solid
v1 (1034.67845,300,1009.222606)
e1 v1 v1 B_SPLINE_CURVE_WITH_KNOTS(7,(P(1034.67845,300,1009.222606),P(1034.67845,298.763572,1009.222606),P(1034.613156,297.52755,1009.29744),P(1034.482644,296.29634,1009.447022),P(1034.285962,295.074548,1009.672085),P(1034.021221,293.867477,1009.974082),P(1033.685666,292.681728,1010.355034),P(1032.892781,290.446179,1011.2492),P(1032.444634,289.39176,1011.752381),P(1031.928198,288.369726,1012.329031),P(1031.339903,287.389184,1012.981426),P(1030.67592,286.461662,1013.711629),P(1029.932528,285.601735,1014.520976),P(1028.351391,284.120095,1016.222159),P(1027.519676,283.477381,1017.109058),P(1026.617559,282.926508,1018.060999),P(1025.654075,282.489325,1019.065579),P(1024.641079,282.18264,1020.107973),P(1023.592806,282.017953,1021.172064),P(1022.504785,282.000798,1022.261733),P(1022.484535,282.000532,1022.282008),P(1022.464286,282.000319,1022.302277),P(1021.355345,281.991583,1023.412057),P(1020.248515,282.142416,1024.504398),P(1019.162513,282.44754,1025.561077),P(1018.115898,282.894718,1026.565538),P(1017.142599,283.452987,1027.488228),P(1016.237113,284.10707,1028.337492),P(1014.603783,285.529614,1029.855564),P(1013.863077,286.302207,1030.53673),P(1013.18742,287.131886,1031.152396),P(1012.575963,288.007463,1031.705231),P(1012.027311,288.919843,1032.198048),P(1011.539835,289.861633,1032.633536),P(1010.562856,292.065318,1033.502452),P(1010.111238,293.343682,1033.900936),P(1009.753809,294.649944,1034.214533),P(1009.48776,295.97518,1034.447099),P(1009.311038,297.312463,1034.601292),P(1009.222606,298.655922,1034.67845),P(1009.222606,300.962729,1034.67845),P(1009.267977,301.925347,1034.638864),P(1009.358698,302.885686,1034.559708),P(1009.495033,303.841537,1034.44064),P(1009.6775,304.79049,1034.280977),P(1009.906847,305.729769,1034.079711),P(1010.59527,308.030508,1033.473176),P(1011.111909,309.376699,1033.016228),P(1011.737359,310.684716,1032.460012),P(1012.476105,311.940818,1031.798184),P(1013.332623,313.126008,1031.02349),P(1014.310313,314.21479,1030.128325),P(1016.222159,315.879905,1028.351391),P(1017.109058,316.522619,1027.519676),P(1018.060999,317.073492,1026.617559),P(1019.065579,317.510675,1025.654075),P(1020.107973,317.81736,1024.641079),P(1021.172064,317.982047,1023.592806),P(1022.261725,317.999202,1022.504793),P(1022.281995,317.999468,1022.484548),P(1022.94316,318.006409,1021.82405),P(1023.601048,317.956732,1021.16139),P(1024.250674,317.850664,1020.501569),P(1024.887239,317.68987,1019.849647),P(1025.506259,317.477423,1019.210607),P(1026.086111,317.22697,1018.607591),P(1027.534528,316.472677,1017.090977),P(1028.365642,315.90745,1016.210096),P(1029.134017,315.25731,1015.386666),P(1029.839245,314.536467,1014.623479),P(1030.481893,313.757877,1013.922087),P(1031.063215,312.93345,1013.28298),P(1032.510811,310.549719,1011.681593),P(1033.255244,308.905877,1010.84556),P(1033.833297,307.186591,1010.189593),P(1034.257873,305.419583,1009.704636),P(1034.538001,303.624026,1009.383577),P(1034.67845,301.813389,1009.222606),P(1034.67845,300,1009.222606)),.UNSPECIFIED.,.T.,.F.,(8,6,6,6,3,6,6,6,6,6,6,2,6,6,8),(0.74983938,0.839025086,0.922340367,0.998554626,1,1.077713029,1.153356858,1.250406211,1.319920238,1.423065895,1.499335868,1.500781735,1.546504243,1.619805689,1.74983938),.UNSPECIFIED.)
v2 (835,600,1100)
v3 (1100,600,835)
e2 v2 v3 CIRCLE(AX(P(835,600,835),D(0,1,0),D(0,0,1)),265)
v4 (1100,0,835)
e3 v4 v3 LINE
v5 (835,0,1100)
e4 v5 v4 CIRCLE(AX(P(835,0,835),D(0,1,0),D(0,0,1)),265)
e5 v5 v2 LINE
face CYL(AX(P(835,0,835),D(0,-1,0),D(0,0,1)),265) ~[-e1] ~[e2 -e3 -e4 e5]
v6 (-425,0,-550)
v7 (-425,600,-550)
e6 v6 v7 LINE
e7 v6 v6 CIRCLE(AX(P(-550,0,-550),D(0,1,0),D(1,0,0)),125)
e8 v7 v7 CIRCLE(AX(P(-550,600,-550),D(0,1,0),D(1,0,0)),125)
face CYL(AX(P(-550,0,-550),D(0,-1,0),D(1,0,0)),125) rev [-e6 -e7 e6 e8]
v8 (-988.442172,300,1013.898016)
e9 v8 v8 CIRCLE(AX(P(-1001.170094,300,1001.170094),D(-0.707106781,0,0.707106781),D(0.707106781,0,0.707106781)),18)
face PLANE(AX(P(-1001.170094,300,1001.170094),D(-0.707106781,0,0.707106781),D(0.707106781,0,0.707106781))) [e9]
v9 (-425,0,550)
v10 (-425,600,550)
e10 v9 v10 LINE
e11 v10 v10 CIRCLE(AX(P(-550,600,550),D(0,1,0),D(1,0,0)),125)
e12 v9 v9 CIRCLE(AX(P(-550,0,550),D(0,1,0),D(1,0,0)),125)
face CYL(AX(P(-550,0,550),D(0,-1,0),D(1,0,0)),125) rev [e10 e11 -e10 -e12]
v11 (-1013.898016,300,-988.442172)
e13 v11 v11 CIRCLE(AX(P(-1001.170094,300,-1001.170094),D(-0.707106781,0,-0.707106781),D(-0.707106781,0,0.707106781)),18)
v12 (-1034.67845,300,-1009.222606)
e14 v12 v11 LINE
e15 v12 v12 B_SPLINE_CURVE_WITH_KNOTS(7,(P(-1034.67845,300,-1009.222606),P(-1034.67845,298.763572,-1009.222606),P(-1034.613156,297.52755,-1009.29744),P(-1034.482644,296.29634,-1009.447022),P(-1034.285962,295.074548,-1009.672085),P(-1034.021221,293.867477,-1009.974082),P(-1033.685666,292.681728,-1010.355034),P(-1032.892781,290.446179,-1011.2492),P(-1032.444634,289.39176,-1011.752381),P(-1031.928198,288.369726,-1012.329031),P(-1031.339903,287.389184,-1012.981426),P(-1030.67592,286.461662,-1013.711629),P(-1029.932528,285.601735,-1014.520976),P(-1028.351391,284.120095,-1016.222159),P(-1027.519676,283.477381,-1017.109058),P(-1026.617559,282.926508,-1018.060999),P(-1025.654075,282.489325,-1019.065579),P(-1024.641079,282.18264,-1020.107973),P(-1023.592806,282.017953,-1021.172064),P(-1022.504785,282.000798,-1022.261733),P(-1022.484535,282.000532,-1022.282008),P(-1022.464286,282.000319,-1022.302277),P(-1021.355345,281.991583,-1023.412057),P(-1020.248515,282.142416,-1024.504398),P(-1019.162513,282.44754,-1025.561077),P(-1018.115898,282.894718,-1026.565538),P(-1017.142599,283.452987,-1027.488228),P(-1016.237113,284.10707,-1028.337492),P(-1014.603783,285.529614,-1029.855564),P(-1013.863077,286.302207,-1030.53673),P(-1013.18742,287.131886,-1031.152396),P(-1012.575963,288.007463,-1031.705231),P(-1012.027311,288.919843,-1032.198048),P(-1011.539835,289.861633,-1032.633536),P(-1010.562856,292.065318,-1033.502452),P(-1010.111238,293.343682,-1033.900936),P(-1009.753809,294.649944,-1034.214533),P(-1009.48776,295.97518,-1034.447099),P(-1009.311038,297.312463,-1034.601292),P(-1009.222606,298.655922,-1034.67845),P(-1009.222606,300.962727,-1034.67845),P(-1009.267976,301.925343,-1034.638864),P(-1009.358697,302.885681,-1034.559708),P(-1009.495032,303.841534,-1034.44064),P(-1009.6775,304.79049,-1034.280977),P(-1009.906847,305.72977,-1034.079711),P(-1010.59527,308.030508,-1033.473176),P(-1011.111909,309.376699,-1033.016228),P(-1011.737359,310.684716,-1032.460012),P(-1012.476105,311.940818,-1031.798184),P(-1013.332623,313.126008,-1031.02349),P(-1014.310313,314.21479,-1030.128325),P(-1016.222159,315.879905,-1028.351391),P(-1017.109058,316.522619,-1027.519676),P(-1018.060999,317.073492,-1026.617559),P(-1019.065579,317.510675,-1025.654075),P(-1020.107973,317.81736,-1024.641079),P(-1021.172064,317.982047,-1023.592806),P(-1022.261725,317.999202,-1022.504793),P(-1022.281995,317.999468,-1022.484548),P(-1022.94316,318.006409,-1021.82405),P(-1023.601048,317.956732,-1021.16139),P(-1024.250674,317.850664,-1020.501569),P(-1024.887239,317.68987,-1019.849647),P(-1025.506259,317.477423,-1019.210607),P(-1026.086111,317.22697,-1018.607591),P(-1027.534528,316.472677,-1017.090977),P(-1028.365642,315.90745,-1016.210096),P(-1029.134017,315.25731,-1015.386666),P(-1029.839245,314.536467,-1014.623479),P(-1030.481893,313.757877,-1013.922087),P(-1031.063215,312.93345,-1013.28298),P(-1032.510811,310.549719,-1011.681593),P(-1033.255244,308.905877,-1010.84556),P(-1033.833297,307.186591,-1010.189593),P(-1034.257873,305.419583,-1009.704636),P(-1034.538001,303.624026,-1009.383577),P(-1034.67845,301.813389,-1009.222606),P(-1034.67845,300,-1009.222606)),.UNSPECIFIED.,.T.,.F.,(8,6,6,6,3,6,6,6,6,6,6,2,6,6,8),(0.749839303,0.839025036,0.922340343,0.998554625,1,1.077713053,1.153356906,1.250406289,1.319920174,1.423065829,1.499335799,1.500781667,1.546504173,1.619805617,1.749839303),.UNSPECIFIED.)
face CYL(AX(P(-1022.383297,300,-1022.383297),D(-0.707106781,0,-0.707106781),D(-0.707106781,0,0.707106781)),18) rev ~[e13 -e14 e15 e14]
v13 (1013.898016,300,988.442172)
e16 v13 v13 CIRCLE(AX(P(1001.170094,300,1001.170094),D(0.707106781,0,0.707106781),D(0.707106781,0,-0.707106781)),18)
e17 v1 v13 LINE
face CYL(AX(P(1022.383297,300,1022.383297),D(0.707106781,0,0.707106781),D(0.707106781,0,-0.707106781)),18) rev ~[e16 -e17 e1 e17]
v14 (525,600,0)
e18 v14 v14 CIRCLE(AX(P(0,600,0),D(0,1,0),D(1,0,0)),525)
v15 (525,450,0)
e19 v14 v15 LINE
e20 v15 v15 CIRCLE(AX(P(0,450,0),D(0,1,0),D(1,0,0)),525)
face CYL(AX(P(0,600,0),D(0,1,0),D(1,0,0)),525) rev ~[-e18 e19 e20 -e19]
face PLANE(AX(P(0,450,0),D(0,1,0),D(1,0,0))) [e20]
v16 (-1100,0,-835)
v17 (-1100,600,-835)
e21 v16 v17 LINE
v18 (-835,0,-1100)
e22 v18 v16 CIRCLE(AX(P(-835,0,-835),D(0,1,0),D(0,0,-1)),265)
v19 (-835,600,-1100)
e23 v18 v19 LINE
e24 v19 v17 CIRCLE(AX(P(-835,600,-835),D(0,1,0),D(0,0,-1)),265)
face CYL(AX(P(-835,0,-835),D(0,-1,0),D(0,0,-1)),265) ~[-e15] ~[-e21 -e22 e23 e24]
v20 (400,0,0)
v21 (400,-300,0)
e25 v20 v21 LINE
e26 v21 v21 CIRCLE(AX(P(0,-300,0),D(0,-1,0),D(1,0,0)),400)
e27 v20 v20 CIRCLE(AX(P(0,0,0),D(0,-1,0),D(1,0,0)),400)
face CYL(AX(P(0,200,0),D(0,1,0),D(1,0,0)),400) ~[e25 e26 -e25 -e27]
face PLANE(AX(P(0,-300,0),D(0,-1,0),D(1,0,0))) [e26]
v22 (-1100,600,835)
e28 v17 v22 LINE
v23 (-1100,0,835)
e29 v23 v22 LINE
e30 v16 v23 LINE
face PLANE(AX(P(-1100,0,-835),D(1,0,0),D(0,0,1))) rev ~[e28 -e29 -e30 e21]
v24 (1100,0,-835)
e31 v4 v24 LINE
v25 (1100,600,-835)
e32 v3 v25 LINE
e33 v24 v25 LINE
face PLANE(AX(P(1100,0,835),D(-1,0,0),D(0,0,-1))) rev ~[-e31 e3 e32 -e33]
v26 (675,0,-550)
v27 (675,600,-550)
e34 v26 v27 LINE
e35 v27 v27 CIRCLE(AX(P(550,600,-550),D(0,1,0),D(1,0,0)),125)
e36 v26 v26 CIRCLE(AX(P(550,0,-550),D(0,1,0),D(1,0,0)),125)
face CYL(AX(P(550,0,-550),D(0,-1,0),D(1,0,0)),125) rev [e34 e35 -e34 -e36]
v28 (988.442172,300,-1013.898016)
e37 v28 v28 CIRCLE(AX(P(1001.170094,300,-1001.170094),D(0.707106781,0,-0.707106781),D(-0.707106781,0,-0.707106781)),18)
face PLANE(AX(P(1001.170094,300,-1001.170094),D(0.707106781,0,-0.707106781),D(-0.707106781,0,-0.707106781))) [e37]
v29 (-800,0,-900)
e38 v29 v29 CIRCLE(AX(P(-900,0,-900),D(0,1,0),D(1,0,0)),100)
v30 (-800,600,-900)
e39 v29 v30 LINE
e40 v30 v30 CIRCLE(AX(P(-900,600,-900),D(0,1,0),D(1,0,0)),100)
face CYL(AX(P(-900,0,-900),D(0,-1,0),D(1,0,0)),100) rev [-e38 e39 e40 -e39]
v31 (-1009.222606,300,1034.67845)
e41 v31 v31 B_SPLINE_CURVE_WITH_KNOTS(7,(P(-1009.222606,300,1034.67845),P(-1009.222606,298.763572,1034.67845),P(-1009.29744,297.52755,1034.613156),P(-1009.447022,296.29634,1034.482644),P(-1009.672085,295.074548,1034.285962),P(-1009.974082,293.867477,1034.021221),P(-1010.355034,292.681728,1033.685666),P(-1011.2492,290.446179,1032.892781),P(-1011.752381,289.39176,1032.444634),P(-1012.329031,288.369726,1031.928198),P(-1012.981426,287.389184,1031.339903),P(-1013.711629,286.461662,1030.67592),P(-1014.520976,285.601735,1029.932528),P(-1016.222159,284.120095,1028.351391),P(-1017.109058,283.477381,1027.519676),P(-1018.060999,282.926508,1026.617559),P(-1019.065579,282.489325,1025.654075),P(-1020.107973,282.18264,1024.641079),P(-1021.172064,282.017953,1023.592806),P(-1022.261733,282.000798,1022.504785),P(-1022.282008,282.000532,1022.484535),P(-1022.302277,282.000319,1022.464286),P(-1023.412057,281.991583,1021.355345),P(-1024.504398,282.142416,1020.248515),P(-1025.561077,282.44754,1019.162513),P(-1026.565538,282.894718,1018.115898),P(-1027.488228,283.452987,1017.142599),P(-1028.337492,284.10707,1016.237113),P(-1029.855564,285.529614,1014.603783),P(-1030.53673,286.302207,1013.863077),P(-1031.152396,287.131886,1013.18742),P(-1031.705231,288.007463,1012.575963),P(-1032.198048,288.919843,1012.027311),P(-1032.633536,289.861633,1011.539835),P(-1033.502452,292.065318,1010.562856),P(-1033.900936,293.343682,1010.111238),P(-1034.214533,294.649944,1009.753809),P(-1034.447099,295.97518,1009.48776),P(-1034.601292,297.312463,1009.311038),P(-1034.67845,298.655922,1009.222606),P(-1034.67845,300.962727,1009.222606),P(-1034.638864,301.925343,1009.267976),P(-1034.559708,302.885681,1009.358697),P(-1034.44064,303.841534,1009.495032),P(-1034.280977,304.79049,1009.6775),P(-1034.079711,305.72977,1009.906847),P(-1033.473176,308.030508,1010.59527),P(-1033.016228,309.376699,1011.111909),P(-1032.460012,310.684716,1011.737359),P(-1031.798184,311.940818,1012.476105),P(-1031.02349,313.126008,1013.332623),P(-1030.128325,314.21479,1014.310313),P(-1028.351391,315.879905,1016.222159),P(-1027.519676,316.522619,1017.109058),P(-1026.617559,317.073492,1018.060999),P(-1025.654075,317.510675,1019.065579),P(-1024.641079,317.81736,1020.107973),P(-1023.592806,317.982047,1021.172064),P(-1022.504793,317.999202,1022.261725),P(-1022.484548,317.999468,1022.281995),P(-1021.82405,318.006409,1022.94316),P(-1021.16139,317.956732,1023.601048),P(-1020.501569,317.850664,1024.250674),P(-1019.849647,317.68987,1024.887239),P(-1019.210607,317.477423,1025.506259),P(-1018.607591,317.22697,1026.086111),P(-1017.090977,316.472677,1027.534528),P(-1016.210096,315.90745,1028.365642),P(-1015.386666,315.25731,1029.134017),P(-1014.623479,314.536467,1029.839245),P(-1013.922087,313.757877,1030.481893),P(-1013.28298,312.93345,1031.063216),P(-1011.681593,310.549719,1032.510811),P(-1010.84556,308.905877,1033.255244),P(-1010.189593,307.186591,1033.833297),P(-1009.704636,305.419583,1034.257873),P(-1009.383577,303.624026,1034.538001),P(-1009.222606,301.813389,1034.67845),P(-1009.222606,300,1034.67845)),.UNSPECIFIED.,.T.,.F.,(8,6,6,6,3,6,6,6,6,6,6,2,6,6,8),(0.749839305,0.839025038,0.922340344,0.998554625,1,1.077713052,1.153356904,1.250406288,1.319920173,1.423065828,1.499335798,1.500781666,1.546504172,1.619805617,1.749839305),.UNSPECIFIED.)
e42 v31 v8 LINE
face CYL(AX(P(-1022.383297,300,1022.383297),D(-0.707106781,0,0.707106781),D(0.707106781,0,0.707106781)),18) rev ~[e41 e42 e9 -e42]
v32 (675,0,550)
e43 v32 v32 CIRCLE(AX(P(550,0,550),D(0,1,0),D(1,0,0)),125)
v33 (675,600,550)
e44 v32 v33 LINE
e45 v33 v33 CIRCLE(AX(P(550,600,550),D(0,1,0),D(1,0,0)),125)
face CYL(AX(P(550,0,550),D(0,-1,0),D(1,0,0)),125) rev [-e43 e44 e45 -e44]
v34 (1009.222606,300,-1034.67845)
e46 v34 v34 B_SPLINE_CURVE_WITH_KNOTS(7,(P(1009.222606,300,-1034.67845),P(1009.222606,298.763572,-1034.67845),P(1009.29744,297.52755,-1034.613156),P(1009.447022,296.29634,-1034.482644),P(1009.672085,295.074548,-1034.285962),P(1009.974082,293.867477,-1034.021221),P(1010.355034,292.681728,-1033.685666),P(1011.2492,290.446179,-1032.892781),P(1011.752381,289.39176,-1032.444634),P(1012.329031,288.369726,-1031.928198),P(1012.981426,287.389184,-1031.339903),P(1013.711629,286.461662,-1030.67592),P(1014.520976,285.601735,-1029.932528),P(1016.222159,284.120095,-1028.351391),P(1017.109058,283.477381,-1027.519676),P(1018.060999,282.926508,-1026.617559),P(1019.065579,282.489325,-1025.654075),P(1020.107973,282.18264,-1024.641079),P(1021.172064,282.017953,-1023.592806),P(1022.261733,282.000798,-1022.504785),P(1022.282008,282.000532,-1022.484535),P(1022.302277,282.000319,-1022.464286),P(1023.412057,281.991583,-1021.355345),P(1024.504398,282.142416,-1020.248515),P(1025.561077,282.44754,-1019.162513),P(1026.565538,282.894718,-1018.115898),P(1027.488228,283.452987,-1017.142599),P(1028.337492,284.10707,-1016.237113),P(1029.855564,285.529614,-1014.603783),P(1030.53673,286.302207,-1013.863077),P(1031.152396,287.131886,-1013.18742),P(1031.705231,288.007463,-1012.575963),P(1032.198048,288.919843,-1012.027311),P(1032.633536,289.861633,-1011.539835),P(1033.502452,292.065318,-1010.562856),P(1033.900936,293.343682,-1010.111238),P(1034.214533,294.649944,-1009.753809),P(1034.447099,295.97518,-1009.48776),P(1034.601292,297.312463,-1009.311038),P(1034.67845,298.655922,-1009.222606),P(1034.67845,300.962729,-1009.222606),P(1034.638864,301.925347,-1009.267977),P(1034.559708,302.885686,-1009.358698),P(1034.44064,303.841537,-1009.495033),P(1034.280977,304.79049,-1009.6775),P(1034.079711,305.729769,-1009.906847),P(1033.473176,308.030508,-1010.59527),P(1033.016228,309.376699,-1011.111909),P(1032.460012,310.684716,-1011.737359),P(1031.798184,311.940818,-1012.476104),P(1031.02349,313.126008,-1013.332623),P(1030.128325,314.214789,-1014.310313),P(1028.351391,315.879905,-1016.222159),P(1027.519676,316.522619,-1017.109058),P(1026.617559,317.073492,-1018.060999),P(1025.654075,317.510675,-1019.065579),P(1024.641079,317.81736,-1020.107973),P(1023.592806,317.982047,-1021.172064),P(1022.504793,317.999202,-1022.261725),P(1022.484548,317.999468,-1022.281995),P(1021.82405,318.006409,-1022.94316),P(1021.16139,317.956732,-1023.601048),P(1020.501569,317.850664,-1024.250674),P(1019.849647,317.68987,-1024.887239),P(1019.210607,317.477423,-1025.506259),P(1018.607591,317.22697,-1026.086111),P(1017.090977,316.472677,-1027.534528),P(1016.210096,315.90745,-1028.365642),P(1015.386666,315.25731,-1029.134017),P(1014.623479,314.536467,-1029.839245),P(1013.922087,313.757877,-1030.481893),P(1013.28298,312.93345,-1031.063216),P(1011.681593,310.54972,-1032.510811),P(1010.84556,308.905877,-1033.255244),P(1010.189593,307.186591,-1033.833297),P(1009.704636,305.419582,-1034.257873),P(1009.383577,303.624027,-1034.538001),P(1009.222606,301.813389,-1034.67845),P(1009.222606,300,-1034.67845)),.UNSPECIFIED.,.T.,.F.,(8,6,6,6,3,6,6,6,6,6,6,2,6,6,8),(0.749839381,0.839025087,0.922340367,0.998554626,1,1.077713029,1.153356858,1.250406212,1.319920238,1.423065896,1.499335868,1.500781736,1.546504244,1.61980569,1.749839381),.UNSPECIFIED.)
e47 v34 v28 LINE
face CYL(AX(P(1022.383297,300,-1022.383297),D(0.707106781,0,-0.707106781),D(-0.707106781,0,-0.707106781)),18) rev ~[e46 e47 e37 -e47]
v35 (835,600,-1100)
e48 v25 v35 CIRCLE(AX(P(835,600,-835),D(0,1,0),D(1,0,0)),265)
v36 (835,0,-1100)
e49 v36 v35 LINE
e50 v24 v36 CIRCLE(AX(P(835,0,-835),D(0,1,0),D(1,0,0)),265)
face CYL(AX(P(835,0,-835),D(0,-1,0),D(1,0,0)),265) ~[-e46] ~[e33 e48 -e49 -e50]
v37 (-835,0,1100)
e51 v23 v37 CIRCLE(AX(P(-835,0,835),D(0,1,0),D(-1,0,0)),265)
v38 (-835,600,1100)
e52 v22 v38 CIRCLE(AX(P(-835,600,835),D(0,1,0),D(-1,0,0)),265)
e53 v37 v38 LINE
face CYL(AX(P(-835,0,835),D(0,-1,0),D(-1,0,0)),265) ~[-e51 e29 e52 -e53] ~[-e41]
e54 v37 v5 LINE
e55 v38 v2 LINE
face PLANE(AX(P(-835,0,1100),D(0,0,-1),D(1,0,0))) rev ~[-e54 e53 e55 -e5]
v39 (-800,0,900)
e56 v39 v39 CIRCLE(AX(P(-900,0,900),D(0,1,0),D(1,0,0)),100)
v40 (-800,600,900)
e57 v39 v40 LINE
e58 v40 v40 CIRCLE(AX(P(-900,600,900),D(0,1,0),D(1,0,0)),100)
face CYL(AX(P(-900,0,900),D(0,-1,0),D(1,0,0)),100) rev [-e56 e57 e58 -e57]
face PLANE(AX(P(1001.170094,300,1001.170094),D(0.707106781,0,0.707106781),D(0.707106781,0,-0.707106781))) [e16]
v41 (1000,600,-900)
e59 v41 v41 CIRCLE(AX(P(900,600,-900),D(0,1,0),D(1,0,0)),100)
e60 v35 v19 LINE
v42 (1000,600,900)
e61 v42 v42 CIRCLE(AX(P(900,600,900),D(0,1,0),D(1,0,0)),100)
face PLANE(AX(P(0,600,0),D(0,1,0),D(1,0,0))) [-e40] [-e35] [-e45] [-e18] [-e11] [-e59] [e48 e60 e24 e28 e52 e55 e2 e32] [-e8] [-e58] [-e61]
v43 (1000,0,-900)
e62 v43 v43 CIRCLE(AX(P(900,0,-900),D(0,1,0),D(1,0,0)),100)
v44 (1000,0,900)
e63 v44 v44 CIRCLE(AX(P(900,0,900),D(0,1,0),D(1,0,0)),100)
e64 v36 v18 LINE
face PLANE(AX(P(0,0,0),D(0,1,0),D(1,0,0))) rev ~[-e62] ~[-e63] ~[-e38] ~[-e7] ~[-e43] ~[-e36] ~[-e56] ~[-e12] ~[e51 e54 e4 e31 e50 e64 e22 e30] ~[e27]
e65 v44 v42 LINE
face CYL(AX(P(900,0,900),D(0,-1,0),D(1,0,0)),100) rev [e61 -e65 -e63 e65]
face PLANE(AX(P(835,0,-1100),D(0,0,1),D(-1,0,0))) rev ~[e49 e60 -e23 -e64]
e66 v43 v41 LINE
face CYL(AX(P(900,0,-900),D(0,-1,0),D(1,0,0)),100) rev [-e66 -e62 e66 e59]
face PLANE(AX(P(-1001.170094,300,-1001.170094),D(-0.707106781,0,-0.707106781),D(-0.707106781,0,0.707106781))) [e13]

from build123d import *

# Parameters (mm, degrees)
IZIM1_R                     = 100
IZIM1_R_2                   = 125
Y_KSEKLIK_EKSTR_ZYON3_DEPTH = 600
IZIM2_R                     = 525
KES_EKSTR_ZYON1_DEPTH       = 150
IZIM3_R                     = 400
KES_EKSTR_ZYON2_DEPTH       = 200
IZIM4_R                     = 400
Y_KSEKLIK_EKSTR_ZYON4_DEPTH = 500
IZIM6_R                     = 18
KES_EKSTR_ZYON3_DEPTH       = 30
IZIM8_R                     = 18
KES_EKSTR_ZYON4_DEPTH       = 30
IZIM9_R                     = 18
KES_EKSTR_ZYON5_DEPTH       = 30
IZIM10_R                    = 18
KES_EKSTR_ZYON6_DEPTH       = 30


with BuildPart() as part:
    # Çizim1 → Yükseklik-Ekstrüzyon3 (new body)
    with BuildSketch(Plane(origin=(0, 0, 0), x_dir=(1, 0, 0), z_dir=(0, 1, 0))):
        with BuildLine():
            Line((-835, -1100), (835, -1100))
            ThreePointArc((835, -1100), (1022.383297014, -1022.383297014), (1100, -835))
            Line((1100, -835), (1100, 835))
            ThreePointArc((1100, 835), (1022.383297014, 1022.383297014), (835, 1100))
            Line((835, 1100), (-835, 1100))
            ThreePointArc((-835, 1100), (-1022.383297014, 1022.383297014), (-1100, 835))
            Line((-1100, 835), (-1100, -835))
            ThreePointArc((-1100, -835), (-1022.383297014, -1022.383297014), (-835, -1100))
        make_face()
        with Locations((-900, -900)):
            Circle(IZIM1_R, mode=Mode.SUBTRACT)
        with Locations((-900, 900)):
            Circle(IZIM1_R, mode=Mode.SUBTRACT)
        with Locations((900, 900)):
            Circle(IZIM1_R, mode=Mode.SUBTRACT)
        with Locations((900, -900)):
            Circle(IZIM1_R, mode=Mode.SUBTRACT)
        with Locations((-550, 550)):
            Circle(IZIM1_R_2, mode=Mode.SUBTRACT)
        with Locations((550, 550)):
            Circle(IZIM1_R_2, mode=Mode.SUBTRACT)
        with Locations((550, -550)):
            Circle(IZIM1_R_2, mode=Mode.SUBTRACT)
        with Locations((-550, -550)):
            Circle(IZIM1_R_2, mode=Mode.SUBTRACT)
    extrude(amount=Y_KSEKLIK_EKSTR_ZYON3_DEPTH)

    # Çizim2 → Kes-Ekstrüzyon1 (cut)
    with BuildSketch(Plane(origin=(0, 600, 0), x_dir=(1, 0, 0), z_dir=(0, 1, 0))):
        Circle(IZIM2_R)
    extrude(amount=-KES_EKSTR_ZYON1_DEPTH, mode=Mode.SUBTRACT)

    # Çizim3 → Kes-Ekstrüzyon2 (cut)
    with BuildSketch(Plane.XZ):
        Circle(IZIM3_R)
    extrude(amount=-KES_EKSTR_ZYON2_DEPTH, mode=Mode.SUBTRACT)

    # Çizim4 → Yükseklik-Ekstrüzyon4 (add)
    with BuildSketch(Plane.XZ.offset(-200)):
        Circle(IZIM4_R)
    extrude(amount=Y_KSEKLIK_EKSTR_ZYON4_DEPTH)

    # Çizim6 → Kes-Ekstrüzyon3 (cut)
    with BuildSketch(Plane(origin=(1022.383297014, 600, 1022.383297014), x_dir=(0.707106781, 0, -0.707106781), z_dir=(0.707106781, 0, 0.707106781))):
        with Locations((0, -300)):
            Circle(IZIM6_R)
    extrude(amount=-KES_EKSTR_ZYON3_DEPTH, mode=Mode.SUBTRACT)

    # Çizim8 → Kes-Ekstrüzyon4 (cut)
    with BuildSketch(Plane(origin=(1022.383297014, 600, -1022.383297014), x_dir=(-0.707106781, 0, -0.707106781), z_dir=(0.707106781, 0, -0.707106781))):
        with Locations((0, -300)):
            Circle(IZIM8_R)
    extrude(amount=-KES_EKSTR_ZYON4_DEPTH, mode=Mode.SUBTRACT)

    # Çizim9 → Kes-Ekstrüzyon5 (cut)
    with BuildSketch(Plane(origin=(-1022.383297014, 600, -1022.383297014), x_dir=(-0.707106781, 0, 0.707106781), z_dir=(-0.707106781, 0, -0.707106781))):
        with Locations((0, -300)):
            Circle(IZIM9_R)
    extrude(amount=-KES_EKSTR_ZYON5_DEPTH, mode=Mode.SUBTRACT)

    # Çizim10 → Kes-Ekstrüzyon6 (cut)
    with BuildSketch(Plane(origin=(-1022.383297014, 600, 1022.383297014), x_dir=(0.707106781, 0, 0.707106781), z_dir=(-0.707106781, 0, 0.707106781))):
        with Locations((0, -300)):
            Circle(IZIM10_R)
    extrude(amount=-KES_EKSTR_ZYON6_DEPTH, mode=Mode.SUBTRACT)


solid = part.part
